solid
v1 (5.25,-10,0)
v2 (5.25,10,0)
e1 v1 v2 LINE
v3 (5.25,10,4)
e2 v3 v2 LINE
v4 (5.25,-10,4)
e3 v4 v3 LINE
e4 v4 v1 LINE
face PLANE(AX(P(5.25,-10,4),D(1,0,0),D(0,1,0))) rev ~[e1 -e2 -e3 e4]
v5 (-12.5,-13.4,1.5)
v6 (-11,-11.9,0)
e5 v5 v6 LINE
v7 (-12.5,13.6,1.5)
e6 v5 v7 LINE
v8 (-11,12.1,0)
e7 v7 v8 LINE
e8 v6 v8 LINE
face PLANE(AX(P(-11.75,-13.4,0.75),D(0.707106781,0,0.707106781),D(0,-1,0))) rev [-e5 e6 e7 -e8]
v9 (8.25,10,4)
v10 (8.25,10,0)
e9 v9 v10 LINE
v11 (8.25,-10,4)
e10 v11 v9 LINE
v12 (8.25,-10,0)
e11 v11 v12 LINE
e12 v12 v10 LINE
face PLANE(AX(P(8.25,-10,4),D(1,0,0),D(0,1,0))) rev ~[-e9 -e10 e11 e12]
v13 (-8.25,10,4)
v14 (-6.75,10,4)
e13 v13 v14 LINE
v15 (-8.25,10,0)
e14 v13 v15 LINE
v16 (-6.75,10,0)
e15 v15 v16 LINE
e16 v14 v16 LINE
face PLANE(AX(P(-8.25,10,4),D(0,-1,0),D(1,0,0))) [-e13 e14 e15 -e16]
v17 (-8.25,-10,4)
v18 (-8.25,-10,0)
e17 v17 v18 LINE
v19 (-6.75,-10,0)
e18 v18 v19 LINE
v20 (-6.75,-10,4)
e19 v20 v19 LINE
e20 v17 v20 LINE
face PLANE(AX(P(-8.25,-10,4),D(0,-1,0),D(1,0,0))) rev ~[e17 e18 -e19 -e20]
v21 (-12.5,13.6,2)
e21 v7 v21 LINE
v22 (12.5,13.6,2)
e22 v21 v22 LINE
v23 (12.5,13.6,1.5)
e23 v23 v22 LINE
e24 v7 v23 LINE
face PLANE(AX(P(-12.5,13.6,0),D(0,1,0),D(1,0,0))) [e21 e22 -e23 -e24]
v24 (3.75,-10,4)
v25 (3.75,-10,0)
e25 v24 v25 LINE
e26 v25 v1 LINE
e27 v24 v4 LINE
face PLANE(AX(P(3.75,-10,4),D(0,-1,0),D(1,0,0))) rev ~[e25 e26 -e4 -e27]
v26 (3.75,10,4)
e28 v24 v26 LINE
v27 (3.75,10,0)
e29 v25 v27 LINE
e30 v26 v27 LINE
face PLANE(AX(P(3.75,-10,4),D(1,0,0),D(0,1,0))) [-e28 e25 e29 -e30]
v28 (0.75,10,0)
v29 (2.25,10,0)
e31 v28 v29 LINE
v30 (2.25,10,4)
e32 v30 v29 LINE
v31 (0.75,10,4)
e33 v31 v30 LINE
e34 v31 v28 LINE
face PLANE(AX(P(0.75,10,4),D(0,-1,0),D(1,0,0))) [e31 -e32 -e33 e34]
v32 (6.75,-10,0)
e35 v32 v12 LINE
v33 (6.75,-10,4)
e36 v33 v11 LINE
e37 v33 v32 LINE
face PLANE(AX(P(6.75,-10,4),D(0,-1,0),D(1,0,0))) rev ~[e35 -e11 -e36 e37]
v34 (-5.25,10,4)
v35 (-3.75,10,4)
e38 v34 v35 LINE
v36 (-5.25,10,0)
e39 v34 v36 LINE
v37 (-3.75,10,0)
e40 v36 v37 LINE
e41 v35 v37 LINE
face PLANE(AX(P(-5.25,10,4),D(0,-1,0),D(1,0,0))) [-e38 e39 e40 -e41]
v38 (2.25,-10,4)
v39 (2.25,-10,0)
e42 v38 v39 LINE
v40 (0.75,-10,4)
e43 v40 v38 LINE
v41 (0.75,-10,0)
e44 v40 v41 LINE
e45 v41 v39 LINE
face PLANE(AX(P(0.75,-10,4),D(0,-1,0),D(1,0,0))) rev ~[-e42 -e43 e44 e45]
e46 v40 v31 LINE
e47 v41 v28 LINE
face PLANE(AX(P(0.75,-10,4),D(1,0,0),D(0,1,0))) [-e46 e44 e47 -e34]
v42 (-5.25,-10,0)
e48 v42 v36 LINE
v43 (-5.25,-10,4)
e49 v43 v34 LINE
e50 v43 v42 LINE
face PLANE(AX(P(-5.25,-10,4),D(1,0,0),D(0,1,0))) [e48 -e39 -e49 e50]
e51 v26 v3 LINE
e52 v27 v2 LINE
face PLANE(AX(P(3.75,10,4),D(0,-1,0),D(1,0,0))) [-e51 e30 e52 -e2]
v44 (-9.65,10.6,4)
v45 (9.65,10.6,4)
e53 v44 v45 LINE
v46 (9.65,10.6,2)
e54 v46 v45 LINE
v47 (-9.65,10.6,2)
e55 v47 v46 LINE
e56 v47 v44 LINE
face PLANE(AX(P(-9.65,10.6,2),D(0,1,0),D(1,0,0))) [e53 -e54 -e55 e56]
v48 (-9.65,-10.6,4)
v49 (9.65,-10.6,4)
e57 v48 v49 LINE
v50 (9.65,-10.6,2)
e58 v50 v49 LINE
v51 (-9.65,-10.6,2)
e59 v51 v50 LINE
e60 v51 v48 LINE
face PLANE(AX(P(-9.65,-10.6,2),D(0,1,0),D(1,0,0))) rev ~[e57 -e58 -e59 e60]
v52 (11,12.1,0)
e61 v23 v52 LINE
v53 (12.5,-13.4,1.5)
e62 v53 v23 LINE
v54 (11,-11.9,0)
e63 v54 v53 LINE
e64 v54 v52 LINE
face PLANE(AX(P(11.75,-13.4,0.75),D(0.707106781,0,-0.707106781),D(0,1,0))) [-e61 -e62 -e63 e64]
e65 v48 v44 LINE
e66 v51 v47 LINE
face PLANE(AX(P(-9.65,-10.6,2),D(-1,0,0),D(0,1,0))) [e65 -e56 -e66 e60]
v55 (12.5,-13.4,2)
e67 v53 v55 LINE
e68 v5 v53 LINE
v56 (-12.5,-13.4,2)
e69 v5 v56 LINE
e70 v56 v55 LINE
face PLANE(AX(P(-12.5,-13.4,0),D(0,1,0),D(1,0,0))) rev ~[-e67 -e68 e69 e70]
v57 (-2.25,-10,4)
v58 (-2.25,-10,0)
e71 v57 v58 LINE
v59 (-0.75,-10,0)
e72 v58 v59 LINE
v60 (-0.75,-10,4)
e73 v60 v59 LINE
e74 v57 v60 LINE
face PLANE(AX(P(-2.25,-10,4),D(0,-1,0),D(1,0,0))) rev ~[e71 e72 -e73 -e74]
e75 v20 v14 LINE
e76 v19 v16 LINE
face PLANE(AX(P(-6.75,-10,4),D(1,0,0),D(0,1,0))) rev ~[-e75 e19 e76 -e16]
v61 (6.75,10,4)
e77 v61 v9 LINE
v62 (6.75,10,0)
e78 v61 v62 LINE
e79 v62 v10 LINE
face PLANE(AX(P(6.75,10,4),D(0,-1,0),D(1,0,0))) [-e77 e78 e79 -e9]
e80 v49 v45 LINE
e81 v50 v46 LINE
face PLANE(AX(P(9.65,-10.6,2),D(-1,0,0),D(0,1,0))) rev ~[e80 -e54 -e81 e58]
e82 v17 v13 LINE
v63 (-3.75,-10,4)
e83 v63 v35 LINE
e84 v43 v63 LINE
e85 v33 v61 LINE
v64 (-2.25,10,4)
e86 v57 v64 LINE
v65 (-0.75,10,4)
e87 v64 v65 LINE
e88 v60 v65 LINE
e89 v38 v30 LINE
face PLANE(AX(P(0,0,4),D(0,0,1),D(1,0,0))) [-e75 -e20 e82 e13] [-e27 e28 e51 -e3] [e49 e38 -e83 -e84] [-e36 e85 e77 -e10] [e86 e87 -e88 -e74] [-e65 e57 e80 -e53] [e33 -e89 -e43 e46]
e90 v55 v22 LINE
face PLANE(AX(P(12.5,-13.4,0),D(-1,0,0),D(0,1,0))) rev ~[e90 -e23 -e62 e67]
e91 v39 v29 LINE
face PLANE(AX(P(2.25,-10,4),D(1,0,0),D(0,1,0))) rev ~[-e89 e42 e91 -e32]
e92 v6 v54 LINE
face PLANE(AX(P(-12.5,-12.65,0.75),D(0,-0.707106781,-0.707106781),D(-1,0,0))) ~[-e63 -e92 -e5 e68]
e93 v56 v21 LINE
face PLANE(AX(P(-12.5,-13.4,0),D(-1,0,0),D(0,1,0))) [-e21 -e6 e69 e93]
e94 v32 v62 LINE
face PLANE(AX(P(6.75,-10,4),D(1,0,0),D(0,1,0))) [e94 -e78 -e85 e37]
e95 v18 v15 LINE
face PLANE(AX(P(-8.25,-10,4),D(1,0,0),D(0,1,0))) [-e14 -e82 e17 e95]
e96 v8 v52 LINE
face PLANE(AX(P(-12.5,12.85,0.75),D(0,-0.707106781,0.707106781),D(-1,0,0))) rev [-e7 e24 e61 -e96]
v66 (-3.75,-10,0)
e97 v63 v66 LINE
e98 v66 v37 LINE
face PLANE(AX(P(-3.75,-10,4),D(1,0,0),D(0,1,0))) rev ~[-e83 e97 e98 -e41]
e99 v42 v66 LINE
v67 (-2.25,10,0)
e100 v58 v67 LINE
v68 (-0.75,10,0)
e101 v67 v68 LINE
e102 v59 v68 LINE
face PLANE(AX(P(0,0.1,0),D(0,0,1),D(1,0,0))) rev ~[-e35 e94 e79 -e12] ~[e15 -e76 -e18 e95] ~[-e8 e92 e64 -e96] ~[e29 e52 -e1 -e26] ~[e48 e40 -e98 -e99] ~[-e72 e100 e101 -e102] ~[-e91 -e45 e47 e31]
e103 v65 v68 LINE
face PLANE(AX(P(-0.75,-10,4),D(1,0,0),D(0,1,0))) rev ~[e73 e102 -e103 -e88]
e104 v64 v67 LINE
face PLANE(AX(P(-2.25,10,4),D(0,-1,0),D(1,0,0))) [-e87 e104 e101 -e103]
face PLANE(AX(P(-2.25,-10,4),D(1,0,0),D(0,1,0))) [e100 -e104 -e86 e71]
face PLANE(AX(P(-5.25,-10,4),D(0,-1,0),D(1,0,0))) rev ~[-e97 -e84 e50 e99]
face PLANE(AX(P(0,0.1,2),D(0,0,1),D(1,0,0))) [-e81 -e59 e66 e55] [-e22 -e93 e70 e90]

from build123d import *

# Parameters (mm, degrees)
SKETCH_W     = 25
SKETCH_H     = 27
PAD_DEPTH    = 2
SKETCH001_W  = 19.3
SKETCH001_H  = 21.2
PAD001_DEPTH = 2
SKETCH002_W  = 1.5
SKETCH002_H  = 20
POCKET_DEPTH = 5
CHAMFER_SIZE = 1.5


with BuildPart() as part:
    # Sketch → Pad (new body)
    with BuildSketch(Plane.XY):
        with Locations((0, 0.1)):
            Rectangle(SKETCH_W, SKETCH_H)
    extrude(amount=PAD_DEPTH)

    # Sketch001 (on Face6 of Pad) → Pad001 (join)
    with BuildSketch(Plane.XY.offset(2)):
        Rectangle(SKETCH001_W, SKETCH001_H)
    extrude(amount=PAD001_DEPTH)

    # Sketch002 (on Face11 of Pad001) → Pocket (cut)
    with BuildSketch(Plane.XY.offset(4)):
        with Locations((1.5, 0)):
            Rectangle(SKETCH002_W, SKETCH002_H)
        with Locations((4.5, 0)):
            Rectangle(SKETCH002_W, SKETCH002_H)
        with Locations((7.5, 0)):
            Rectangle(SKETCH002_W, SKETCH002_H)
        with Locations((-1.5, 0)):
            Rectangle(SKETCH002_W, SKETCH002_H)
        with Locations((-4.5, 0)):
            Rectangle(SKETCH002_W, SKETCH002_H)
        with Locations((-7.5, 0)):
            Rectangle(SKETCH002_W, SKETCH002_H)
    extrude(amount=-POCKET_DEPTH, mode=Mode.SUBTRACT)

    # Chamfer
    chamfer_edges = [part.edges().sort_by_distance(p)[0] for p in [
        (0, 13.6, 0),
        (12.5, 0.1, 0),
        (-12.5, 0.1, 0),
        (0, -13.4, 0),
    ]]
    chamfer(chamfer_edges, length=CHAMFER_SIZE)


solid = part.part
